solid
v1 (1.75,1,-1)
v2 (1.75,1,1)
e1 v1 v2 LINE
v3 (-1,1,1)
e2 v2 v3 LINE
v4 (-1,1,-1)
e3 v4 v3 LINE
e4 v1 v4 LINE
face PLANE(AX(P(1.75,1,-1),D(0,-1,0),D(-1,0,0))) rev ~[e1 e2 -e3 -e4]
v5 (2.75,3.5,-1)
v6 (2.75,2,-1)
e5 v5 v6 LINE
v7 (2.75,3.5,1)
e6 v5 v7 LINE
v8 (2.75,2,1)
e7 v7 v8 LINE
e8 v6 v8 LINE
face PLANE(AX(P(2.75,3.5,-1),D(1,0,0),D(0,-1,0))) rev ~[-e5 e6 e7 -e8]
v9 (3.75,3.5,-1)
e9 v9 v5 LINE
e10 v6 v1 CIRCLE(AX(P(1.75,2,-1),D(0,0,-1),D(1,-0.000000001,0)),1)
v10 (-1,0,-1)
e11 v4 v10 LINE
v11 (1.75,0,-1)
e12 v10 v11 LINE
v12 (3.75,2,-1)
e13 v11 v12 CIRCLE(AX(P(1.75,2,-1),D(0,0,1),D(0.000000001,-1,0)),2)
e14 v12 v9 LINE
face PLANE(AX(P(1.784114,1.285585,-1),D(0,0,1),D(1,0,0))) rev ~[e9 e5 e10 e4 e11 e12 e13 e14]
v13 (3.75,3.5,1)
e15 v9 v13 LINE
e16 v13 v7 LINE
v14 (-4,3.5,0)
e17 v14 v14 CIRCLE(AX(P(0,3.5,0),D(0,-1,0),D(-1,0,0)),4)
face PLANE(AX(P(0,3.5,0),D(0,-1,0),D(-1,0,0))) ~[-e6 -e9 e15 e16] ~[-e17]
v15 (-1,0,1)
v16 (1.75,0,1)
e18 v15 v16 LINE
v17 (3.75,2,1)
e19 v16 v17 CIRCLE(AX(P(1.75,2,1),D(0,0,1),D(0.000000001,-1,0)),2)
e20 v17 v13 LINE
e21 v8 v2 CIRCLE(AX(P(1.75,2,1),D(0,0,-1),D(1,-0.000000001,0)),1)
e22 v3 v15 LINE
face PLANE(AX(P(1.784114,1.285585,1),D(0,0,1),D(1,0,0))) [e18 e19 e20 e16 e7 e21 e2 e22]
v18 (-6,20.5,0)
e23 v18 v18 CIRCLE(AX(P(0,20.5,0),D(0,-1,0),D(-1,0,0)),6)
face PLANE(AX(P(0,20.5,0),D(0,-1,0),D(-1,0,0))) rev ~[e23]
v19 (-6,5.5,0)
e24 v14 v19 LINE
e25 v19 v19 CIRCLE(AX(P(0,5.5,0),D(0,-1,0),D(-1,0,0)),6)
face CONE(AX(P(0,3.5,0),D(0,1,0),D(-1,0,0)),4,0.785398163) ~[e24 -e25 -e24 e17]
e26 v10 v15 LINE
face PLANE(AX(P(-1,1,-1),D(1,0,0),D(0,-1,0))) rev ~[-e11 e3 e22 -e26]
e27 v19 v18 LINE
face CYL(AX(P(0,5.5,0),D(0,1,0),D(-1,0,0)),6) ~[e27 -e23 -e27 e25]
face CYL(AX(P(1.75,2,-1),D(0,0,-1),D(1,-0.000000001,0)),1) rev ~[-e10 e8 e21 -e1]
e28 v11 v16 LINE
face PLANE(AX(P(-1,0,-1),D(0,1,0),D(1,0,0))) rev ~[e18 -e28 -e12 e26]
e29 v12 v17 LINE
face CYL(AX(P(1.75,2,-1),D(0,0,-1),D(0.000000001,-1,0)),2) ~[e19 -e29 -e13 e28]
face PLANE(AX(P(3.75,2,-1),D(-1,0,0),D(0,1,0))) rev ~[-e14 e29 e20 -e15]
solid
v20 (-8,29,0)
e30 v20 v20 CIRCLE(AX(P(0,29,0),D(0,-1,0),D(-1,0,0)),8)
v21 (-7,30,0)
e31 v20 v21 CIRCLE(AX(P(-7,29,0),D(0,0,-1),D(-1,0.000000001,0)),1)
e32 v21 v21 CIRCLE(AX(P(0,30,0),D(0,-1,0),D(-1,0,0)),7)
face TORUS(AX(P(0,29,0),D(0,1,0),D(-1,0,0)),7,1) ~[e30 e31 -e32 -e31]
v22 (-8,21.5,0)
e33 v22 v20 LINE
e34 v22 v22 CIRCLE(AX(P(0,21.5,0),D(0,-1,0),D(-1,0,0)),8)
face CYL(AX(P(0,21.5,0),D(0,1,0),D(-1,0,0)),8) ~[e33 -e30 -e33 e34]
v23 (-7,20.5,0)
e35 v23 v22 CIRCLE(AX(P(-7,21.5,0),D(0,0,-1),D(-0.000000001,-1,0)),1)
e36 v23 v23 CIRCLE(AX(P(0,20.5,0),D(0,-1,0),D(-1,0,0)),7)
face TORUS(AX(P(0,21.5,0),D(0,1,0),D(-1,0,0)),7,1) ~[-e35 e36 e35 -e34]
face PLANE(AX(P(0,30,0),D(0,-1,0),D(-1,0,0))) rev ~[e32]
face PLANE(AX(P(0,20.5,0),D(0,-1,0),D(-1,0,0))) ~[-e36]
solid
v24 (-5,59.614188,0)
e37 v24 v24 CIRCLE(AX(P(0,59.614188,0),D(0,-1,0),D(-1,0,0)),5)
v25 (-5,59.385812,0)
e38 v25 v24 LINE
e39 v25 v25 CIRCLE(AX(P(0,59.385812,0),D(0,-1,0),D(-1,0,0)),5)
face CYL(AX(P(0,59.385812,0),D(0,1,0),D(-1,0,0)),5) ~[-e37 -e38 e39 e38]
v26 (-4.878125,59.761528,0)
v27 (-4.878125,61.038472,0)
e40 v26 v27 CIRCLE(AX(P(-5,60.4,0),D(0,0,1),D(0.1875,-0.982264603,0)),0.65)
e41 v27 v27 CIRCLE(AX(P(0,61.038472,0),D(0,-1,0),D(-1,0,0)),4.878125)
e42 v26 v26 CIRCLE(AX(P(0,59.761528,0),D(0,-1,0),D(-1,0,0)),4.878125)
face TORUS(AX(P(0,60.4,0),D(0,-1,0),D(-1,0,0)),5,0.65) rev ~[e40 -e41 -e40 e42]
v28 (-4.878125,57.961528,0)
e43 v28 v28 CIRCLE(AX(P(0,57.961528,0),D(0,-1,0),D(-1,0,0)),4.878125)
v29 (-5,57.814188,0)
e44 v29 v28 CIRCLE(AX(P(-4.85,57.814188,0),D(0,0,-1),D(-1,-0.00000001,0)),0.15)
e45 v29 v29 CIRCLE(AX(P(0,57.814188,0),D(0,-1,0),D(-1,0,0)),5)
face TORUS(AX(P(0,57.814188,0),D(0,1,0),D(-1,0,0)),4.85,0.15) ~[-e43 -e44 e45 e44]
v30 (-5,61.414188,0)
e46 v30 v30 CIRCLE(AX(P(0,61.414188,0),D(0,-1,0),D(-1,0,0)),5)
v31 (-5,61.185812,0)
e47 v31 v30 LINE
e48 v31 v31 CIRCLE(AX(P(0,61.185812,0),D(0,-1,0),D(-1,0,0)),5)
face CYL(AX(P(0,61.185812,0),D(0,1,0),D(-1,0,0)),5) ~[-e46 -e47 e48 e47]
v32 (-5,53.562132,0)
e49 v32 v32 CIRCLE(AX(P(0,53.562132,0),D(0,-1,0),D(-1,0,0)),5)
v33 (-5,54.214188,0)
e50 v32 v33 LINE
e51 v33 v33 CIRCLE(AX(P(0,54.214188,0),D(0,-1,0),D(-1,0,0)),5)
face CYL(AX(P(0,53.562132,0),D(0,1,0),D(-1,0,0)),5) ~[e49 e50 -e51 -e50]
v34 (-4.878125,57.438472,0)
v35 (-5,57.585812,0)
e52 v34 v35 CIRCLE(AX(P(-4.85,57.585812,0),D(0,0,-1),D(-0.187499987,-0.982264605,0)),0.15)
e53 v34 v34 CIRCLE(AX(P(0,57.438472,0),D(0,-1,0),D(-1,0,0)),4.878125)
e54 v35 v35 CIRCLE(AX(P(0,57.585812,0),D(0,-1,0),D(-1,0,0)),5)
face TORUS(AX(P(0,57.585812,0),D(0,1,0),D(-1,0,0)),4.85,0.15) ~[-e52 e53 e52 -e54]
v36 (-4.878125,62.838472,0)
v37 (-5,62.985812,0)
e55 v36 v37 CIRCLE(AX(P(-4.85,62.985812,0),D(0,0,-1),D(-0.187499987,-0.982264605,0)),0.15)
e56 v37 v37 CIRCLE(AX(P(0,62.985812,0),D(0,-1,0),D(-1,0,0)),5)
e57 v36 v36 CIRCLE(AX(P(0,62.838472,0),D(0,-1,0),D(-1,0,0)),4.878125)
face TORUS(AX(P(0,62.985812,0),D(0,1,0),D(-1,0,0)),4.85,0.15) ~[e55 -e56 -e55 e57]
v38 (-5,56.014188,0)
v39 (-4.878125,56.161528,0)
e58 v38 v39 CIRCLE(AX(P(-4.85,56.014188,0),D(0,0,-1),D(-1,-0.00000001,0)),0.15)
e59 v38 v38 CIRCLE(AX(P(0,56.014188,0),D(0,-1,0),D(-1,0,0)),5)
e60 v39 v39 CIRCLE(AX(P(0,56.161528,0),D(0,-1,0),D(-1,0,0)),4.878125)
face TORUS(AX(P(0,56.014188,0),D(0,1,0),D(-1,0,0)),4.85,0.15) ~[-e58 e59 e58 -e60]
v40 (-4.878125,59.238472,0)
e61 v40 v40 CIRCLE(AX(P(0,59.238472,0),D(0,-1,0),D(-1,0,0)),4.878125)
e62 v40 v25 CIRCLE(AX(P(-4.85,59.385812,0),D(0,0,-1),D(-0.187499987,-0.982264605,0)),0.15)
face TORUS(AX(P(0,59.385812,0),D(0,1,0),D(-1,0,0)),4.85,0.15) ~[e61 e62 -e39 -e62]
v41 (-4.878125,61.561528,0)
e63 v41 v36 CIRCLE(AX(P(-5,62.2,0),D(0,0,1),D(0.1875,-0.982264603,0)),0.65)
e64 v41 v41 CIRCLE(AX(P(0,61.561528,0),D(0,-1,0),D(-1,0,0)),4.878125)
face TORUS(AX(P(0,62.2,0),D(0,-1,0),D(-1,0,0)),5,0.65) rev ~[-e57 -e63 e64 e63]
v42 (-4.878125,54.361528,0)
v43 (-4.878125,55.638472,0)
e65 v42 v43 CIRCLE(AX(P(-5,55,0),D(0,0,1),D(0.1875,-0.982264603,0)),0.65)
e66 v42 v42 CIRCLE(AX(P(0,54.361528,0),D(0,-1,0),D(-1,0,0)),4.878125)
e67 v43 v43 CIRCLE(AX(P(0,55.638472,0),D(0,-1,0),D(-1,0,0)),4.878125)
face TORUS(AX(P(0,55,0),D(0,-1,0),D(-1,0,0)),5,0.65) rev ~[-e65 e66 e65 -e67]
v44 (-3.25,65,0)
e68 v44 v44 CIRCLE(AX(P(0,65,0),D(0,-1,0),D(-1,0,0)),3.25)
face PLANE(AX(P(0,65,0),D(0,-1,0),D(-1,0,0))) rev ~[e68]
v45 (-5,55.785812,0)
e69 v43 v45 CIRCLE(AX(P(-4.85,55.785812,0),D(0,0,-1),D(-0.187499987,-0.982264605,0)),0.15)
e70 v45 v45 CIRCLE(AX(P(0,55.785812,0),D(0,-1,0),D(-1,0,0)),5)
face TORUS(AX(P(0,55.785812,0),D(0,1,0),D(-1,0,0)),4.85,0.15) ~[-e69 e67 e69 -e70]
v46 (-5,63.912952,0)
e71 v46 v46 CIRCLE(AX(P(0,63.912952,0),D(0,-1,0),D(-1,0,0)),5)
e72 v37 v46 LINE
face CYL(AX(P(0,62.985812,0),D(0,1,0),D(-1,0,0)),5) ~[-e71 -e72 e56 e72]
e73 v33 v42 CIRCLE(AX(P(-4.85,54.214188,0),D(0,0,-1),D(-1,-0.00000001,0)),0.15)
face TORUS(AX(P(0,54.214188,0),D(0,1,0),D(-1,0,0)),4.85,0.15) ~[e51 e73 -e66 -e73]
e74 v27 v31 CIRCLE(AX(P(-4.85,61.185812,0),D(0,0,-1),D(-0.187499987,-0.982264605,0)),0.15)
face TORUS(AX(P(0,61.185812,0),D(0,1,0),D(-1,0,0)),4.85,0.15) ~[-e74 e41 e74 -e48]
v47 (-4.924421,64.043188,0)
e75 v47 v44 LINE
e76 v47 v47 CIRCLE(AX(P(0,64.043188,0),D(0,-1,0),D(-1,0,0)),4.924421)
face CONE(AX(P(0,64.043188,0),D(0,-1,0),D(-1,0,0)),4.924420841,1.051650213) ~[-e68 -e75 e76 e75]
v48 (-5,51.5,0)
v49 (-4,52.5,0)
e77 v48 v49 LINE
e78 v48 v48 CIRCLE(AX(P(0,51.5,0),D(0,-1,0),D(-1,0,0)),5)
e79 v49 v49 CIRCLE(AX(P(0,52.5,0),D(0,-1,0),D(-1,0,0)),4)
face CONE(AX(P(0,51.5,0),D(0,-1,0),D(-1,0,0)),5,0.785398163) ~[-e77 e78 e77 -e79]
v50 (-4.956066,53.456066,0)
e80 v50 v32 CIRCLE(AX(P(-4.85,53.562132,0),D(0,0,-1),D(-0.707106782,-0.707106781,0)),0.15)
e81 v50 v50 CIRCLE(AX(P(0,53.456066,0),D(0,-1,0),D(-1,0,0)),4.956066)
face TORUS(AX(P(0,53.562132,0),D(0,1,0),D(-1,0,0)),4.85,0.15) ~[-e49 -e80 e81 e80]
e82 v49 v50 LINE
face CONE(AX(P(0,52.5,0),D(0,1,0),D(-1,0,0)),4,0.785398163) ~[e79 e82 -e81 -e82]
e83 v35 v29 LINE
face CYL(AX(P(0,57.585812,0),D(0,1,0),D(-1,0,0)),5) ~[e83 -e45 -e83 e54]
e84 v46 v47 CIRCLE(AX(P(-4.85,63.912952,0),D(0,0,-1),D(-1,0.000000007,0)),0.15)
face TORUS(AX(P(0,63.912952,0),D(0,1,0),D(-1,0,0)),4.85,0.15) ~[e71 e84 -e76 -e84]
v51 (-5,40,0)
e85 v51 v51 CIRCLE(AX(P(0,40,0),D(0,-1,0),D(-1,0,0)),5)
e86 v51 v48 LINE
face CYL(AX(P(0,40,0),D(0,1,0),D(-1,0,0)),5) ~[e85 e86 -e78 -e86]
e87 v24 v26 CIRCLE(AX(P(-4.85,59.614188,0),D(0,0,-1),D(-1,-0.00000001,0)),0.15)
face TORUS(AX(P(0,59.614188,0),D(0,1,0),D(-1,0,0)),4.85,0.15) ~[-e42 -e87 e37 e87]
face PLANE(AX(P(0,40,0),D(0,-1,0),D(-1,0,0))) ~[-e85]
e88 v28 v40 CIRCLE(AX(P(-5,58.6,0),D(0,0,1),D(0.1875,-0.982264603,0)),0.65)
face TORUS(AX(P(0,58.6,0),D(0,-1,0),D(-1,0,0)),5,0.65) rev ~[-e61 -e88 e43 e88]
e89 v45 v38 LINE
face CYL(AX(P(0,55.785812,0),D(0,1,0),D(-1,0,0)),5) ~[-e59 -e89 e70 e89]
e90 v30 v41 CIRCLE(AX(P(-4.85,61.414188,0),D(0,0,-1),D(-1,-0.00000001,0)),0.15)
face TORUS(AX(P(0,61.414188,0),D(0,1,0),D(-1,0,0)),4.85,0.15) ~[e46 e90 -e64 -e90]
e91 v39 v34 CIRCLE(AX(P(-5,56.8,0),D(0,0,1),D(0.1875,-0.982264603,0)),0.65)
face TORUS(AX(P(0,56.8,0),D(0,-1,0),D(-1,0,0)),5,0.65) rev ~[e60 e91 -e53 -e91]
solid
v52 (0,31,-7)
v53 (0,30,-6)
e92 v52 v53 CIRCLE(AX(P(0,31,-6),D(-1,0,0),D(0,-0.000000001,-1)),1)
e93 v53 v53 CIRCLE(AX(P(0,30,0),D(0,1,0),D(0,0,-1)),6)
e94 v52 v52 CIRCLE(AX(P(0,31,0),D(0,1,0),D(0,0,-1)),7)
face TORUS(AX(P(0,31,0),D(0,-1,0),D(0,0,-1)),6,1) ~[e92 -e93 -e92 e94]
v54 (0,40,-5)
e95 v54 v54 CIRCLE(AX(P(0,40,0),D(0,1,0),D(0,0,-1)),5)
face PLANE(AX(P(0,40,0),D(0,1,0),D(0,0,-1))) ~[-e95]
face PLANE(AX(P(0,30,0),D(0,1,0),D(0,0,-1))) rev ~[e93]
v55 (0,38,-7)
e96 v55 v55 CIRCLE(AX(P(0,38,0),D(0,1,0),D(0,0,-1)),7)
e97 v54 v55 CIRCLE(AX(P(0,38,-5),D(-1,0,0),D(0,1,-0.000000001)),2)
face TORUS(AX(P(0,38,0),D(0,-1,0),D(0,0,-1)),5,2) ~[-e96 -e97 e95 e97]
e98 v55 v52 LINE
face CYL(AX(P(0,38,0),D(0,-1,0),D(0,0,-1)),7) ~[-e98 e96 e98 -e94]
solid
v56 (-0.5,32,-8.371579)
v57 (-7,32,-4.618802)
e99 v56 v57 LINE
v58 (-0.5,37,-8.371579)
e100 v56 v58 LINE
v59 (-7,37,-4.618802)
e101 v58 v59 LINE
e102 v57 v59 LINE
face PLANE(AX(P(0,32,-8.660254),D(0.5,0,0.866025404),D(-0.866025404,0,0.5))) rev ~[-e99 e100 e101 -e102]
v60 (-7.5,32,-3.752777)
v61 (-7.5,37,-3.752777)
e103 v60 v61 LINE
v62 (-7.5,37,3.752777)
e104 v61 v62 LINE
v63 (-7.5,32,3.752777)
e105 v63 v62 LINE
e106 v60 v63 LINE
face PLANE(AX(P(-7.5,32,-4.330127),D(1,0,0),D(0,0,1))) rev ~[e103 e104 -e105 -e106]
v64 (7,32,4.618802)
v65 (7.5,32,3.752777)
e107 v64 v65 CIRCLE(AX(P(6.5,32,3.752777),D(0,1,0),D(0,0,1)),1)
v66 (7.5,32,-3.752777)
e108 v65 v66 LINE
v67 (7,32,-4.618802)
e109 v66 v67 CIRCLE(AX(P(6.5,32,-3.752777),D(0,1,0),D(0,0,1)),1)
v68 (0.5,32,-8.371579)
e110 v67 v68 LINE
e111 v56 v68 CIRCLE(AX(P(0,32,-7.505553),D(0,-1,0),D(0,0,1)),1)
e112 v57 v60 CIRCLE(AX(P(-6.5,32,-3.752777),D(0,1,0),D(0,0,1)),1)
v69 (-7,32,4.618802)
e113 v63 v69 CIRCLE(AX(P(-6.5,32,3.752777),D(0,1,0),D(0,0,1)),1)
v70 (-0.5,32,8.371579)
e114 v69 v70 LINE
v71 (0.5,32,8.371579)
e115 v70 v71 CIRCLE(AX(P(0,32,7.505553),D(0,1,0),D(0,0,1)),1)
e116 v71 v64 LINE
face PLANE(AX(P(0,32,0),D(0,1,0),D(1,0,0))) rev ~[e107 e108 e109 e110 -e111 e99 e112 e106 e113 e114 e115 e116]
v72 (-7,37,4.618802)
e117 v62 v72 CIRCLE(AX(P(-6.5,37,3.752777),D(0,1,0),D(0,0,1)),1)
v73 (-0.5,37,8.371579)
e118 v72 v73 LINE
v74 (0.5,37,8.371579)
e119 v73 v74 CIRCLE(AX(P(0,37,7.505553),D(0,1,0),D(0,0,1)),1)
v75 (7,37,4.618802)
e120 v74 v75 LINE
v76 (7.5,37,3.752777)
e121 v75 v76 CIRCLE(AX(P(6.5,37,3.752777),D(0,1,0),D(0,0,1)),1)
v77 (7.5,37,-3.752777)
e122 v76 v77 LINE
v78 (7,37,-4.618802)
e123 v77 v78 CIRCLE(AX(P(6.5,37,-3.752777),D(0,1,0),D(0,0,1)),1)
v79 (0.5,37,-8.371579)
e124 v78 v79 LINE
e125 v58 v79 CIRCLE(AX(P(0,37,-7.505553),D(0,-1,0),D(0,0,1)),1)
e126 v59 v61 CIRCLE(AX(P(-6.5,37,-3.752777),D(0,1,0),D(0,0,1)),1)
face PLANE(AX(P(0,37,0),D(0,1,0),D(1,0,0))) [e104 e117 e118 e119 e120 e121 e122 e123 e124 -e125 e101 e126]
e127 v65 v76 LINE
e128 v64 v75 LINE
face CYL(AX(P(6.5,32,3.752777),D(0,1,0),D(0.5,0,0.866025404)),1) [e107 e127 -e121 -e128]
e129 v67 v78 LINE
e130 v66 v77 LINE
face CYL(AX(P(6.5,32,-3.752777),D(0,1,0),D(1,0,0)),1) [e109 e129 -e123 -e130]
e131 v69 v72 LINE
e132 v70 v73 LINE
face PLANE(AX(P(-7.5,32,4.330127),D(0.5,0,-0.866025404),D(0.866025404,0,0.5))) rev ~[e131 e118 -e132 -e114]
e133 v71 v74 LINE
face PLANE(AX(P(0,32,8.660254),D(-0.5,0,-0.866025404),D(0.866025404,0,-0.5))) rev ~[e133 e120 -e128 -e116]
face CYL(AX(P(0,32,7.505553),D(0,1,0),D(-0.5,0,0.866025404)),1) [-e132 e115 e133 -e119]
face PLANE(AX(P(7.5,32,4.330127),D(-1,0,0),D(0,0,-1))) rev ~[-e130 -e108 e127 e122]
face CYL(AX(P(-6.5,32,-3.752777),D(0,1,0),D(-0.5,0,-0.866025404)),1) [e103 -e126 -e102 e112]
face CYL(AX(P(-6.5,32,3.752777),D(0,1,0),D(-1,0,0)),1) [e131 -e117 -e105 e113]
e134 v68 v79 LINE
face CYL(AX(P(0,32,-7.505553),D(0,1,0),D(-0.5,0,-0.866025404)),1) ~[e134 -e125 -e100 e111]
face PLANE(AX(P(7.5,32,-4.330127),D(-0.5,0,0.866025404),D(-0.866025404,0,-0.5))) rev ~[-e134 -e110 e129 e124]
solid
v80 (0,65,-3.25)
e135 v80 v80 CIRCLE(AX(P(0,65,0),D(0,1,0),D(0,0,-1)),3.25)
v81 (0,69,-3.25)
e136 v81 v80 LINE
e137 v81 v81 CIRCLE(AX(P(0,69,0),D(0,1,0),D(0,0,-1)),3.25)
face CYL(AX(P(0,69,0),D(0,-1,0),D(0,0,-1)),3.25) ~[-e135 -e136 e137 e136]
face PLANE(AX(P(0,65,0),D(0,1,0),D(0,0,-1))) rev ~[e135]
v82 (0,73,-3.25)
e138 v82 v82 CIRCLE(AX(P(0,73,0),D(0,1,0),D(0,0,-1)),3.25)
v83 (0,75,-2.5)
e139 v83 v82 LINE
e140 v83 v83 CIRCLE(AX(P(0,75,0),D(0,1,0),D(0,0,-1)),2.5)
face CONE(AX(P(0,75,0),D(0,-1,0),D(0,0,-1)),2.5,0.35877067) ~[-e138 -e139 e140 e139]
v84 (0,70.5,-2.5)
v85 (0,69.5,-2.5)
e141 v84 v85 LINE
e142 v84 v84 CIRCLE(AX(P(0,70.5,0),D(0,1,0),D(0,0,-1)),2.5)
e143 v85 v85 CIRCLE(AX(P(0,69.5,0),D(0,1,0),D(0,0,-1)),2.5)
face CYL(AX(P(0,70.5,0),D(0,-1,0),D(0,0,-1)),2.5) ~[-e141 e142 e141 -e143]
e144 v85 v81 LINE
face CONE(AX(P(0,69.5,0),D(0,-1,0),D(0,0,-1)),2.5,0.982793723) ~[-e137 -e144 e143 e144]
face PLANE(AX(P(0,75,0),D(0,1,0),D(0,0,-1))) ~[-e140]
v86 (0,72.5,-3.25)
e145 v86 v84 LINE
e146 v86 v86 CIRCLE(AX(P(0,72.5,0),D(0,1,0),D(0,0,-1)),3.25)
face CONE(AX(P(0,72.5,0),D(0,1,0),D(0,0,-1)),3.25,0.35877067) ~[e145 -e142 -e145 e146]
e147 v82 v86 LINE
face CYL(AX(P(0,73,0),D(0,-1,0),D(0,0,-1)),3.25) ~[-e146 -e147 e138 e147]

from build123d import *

# Parameters (mm, degrees)
BOSS_EXTRUDE1_DEPTH      = 5
FILLET1_R                = 1
BOSS_EXTRUDE2_DEPTH      = 1
BOSS_EXTRUDE2_DEPTH_BACK = 1


with BuildPart() as part:
    # Sketch1 → Revolve1 (revolve)
    with BuildSketch(Plane.XY):
        Polygon((0, 75), (2.5, 75), (3.25, 73), (3.25, 72.5), (2.5, 70.5), (2.5, 69.5), (3.25, 69), (3.25, 65), (0, 65), align=None)
    revolve(axis=Axis((0, 65, 0), (0, 1, 0)))


with BuildPart() as body_2:
    # Sketch2 → Revolve2 (revolve)
    with BuildSketch(Plane.XY):
        with BuildLine():
            Line((0, 65), (0, 40))
            Line((0, 40), (5, 40))
            Line((5, 40), (5, 51.5))
            Line((5, 51.5), (4, 52.5))
            Line((4, 52.5), (4.956066017, 53.456066017))
            ThreePointArc((4.956066017, 53.456066017), (4.98858193, 53.50472952), (5, 53.562132034))
            Line((5, 53.562132034), (5, 54.214188318))
            ThreePointArc((5, 54.214188318), (4.965582763, 54.309794934), (4.878125, 54.361528008))
            ThreePointArc((4.878125, 54.361528008), (4.35, 55), (4.878125, 55.638471992))
            ThreePointArc((4.878125, 55.638471992), (4.965582763, 55.690205066), (5, 55.785811682))
            Line((5, 55.785811682), (5, 56.014188318))
            ThreePointArc((5, 56.014188318), (4.965582763, 56.109794934), (4.878125, 56.161528008))
            ThreePointArc((4.878125, 56.161528008), (4.35, 56.8), (4.878125, 57.438471992))
            ThreePointArc((4.878125, 57.438471992), (4.965582763, 57.490205066), (5, 57.585811682))
            Line((5, 57.585811682), (5, 57.814188318))
            ThreePointArc((5, 57.814188318), (4.965582763, 57.909794934), (4.878125, 57.961528008))
            ThreePointArc((4.878125, 57.961528008), (4.35, 58.6), (4.878125, 59.238471992))
            ThreePointArc((4.878125, 59.238471992), (4.965582763, 59.290205066), (5, 59.385811682))
            Line((5, 59.385811682), (5, 59.614188318))
            ThreePointArc((5, 59.614188318), (4.965582763, 59.709794934), (4.878125, 59.761528008))
            ThreePointArc((4.878125, 59.761528008), (4.35, 60.4), (4.878125, 61.038471992))
            ThreePointArc((4.878125, 61.038471992), (4.965582763, 61.090205066), (5, 61.185811682))
            Line((5, 61.185811682), (5, 61.414188318))
            ThreePointArc((5, 61.414188318), (4.965582763, 61.509794934), (4.878125, 61.561528008))
            ThreePointArc((4.878125, 61.561528008), (4.35, 62.2), (4.878125, 62.838471992))
            ThreePointArc((4.878125, 62.838471992), (4.965582763, 62.890205066), (5, 62.985811682))
            Line((5, 62.985811682), (5, 63.91295162))
            ThreePointArc((5, 63.91295162), (4.979736514, 63.988240642), (4.924420841, 64.043188091))
            Line((4.924420841, 64.043188091), (3.25, 65))
            Line((3.25, 65), (0, 65))
        make_face()
    revolve(axis=Axis((0, 65, 0), (0, -1, 0)))


with BuildPart() as body_3:
    # Sketch3 → Revolve3 (revolve)
    with BuildSketch(Plane.XY):
        with BuildLine():
            Line((7, 38), (7, 31))
            ThreePointArc((7, 31), (6.707106781, 30.292893219), (6, 30))
            Line((6, 30), (0, 30))
            Line((0, 30), (0, 40))
            Line((0, 40), (5, 40))
            ThreePointArc((5, 40), (6.414213562, 39.414213562), (7, 38))
        make_face()
    revolve(axis=Axis((0, 30, 0), (0, 1, 0)))


with BuildPart() as body_4:
    # Sketch4 → Revolve4 (revolve)
    with BuildSketch(Plane.XY):
        with BuildLine():
            Line((0, 30), (0, 20.5))
            Line((0, 20.5), (7, 20.5))
            ThreePointArc((7, 20.5), (7.707106781, 20.792893219), (8, 21.5))
            Line((8, 21.5), (8, 29))
            ThreePointArc((8, 29), (7.707106781, 29.707106781), (7, 30))
            Line((7, 30), (0, 30))
        make_face()
    revolve(axis=Axis((0, 30, 0), (0, -1, 0)))


with BuildPart() as body_5:
    # Sketch5 → Revolve5 (revolve)
    with BuildSketch(Plane.XY):
        Polygon((0, 20.5), (0, 3.5), (4, 3.5), (6, 5.5), (6, 20.5), align=None)
    revolve(axis=Axis((0, 20.5, 0), (0, -1, 0)))

    # Sketch7 → Boss-Extrude2 (add, two sides: drawn at the far end of the back side and taken through both)
    with BuildSketch(Plane.XY.offset(-BOSS_EXTRUDE2_DEPTH_BACK)):
        with BuildLine():
            Line((-1, 0), (1.75, 0))
            ThreePointArc((1.75, 0), (3.164213562, 0.585786438), (3.75, 2))
            Line((3.75, 2), (3.75, 3.5))
            Line((3.75, 3.5), (2.75, 3.5))
            Line((2.75, 3.5), (2.75, 2))
            ThreePointArc((2.75, 2), (2.457106781, 1.292893219), (1.75, 1))
            Line((1.75, 1), (-1, 1))
            Line((-1, 1), (-1, 0))
        make_face()
    extrude(amount=BOSS_EXTRUDE2_DEPTH + BOSS_EXTRUDE2_DEPTH_BACK)


with BuildPart() as body_6:
    # Sketch6 → Boss-Extrude1 (new body)
    with BuildSketch(Plane(origin=(0, 32, 0), x_dir=(1, 0, 0), z_dir=(0, 1, 0))):
        Polygon((0, 8.660254038), (-7.5, 4.330127019), (-7.5, -4.330127019), (0, -8.660254038), (7.5, -4.330127019), (7.5, 4.330127019), align=None)
    extrude(amount=BOSS_EXTRUDE1_DEPTH)

    # Fillet1
    fillet1_edges = [body_6.edges().sort_by_distance(p)[0] for p in [
        (-7.5, 34.5, -4.330127019),
        (0, 34.5, -8.660254038),
        (7.5, 34.5, -4.330127019),
        (-7.5, 34.5, 4.330127019),
        (7.5, 34.5, 4.330127019),
        (0, 34.5, 8.660254038),
    ]]
    fillet(fillet1_edges, radius=FILLET1_R)


solid = Compound([part.part, body_2.part, body_3.part, body_4.part, body_5.part, body_6.part])
